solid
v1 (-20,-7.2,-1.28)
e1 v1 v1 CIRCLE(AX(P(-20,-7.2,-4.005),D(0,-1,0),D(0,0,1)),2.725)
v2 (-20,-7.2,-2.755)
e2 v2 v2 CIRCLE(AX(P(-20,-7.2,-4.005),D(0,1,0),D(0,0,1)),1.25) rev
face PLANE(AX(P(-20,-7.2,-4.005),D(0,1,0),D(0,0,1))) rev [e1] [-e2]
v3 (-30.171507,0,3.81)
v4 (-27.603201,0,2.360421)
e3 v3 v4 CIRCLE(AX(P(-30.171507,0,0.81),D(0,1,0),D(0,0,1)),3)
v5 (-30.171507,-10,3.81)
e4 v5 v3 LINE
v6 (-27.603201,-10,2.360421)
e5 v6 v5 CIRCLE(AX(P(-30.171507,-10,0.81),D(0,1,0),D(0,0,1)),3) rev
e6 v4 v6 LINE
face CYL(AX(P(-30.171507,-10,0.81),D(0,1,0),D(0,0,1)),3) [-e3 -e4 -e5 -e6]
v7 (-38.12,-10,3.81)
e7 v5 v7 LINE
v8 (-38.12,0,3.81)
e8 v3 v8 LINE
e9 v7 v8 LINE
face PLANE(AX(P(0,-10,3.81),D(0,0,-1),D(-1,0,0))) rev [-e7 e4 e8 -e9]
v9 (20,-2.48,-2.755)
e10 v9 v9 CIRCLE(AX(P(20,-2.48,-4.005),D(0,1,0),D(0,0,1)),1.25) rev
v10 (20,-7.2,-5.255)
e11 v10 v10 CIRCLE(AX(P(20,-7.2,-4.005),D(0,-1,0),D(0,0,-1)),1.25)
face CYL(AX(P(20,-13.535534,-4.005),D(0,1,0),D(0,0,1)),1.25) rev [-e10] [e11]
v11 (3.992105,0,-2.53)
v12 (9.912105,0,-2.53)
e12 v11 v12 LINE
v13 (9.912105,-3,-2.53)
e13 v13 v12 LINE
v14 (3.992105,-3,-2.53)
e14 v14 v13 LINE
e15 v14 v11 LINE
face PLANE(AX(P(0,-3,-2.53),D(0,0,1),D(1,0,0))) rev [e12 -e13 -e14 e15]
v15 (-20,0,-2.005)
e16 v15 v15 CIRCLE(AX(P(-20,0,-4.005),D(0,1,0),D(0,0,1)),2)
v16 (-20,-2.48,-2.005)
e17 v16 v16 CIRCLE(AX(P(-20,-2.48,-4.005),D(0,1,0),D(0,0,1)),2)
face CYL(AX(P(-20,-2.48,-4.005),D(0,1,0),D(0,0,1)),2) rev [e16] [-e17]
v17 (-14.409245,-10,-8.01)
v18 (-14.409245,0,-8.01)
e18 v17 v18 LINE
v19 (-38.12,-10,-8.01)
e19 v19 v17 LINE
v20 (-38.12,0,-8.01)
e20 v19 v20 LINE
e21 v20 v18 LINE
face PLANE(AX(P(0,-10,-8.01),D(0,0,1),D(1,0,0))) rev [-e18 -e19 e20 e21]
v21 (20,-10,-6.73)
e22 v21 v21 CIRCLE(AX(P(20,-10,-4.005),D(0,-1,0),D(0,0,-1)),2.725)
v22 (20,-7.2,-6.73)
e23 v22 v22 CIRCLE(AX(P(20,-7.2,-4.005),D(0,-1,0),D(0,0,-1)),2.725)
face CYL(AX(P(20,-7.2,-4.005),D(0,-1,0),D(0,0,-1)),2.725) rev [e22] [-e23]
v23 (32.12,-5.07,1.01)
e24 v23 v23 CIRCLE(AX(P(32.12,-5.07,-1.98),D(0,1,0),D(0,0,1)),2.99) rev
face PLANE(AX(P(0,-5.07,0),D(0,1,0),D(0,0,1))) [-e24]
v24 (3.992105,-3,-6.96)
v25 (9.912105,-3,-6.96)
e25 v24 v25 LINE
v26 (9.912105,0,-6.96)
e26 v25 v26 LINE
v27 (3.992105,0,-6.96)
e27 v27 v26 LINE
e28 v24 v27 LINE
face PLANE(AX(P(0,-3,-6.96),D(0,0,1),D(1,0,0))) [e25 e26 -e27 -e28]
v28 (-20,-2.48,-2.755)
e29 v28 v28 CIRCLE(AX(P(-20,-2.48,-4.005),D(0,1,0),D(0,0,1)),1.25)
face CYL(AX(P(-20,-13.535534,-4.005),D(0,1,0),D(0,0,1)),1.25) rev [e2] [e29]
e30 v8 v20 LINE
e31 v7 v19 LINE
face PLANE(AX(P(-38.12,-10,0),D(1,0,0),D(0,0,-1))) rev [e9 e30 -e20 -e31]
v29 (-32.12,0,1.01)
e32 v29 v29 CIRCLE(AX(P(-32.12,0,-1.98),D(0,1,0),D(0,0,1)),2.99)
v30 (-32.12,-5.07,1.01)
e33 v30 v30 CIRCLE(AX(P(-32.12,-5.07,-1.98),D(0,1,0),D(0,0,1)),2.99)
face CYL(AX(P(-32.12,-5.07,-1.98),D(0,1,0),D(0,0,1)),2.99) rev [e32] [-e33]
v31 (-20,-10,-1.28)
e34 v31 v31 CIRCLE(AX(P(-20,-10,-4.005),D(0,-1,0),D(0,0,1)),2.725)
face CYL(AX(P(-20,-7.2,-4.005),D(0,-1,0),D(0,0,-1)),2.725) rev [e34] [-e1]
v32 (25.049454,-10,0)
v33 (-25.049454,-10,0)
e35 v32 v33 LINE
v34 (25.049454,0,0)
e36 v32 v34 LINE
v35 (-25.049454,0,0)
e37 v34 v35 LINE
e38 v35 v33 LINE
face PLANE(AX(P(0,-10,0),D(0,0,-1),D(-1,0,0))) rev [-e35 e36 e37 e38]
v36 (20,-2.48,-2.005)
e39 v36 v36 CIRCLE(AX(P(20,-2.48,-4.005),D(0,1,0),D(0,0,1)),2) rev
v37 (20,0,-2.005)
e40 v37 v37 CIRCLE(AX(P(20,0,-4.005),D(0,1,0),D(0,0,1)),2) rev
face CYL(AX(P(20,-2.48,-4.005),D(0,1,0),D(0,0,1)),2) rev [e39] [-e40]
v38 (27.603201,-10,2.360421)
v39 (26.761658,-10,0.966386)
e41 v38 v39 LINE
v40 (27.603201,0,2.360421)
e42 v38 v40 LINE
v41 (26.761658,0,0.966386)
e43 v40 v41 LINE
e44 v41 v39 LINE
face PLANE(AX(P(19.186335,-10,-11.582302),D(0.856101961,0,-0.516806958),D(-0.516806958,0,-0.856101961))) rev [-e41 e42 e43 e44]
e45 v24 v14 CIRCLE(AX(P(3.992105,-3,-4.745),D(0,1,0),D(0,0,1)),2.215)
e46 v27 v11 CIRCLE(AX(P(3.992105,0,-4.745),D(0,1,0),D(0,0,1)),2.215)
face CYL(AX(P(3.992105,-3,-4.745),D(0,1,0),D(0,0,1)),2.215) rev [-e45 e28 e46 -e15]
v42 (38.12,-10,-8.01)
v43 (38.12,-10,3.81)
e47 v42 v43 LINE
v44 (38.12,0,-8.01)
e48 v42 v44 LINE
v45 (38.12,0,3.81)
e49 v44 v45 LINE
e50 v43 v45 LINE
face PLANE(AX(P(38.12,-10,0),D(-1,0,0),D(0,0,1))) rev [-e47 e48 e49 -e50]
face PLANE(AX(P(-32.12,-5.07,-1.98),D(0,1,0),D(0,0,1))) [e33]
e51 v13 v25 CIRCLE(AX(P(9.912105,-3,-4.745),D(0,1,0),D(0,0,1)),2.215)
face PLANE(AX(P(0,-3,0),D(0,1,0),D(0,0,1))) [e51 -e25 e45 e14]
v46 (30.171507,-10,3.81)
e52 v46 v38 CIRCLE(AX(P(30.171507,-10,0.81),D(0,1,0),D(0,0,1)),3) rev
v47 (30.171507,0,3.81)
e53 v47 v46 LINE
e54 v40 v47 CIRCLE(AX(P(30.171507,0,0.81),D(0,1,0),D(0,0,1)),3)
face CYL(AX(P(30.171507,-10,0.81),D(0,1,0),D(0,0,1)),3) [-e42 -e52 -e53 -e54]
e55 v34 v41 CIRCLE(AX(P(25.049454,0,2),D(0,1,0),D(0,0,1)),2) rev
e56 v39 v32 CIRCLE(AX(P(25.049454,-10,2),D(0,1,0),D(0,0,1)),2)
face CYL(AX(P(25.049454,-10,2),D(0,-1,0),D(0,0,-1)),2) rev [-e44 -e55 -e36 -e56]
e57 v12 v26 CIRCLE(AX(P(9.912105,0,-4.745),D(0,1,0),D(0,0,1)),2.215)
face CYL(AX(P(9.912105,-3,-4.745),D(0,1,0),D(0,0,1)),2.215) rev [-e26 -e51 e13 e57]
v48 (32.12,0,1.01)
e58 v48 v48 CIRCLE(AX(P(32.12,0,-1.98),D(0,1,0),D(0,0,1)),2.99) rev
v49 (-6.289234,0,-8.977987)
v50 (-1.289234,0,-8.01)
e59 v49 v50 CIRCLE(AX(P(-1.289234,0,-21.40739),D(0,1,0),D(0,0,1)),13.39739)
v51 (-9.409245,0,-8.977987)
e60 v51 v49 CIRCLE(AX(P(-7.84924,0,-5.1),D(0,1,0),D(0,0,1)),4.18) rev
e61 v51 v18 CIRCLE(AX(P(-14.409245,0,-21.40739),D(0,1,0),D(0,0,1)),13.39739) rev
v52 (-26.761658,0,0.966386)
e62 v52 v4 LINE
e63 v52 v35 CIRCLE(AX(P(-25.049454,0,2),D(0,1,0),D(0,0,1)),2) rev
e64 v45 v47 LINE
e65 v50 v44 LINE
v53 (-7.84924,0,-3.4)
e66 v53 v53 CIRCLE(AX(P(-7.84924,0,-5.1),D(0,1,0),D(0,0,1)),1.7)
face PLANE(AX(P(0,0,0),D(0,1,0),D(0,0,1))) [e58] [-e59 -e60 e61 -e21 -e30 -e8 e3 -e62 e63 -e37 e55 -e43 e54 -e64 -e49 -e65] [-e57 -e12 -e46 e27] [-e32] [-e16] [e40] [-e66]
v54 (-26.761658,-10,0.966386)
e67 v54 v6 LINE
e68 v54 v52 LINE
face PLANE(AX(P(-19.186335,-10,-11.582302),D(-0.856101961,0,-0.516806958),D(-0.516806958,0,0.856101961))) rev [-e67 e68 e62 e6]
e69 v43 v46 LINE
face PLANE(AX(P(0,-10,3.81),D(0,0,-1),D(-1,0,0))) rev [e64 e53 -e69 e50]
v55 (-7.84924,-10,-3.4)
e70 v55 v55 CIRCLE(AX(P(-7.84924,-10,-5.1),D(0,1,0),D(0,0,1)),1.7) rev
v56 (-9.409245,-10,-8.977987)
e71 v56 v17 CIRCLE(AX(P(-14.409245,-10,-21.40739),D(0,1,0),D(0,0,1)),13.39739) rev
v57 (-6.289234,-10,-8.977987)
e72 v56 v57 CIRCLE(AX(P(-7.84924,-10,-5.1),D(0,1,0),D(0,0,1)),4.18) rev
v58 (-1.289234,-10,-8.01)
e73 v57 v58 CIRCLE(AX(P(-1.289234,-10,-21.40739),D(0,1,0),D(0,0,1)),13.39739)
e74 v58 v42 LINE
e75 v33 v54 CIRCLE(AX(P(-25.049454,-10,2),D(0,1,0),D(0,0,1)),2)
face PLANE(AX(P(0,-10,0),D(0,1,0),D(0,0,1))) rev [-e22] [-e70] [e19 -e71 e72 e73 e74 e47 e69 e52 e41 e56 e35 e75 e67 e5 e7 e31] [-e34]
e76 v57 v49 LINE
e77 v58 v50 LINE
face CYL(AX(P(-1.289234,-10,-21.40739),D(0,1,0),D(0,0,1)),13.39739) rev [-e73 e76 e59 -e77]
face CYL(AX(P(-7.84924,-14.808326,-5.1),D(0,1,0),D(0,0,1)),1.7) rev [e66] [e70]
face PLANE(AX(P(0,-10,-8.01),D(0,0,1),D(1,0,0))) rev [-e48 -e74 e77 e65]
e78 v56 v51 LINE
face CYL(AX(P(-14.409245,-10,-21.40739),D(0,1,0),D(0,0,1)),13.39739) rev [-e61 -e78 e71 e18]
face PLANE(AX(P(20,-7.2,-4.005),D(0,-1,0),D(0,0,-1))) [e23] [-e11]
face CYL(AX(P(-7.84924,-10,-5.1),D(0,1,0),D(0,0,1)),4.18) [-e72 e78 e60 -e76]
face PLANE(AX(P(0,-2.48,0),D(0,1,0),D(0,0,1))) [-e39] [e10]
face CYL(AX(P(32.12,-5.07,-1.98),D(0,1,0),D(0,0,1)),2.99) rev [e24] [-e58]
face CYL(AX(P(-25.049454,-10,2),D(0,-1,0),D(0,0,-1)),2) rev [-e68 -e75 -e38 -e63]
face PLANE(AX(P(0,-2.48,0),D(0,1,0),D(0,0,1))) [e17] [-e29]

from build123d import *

# Parameters (mm, degrees)
SKETCH1_R           = 2
SKETCH1_R_2         = 2.99
SKETCH1_R_3         = 1.7
BOSS_EXTRUDE1_DEPTH = 10
FILLET1_R           = 2
FILLET2_R           = 3
SKETCH1_4_R         = 2.99
CUT_EXTRUDE3_DEPTH  = 5.07
SKETCH1_5_R         = 2
CUT_EXTRUDE4_DEPTH  = 2.48
CUT_EXTRUDE5_DEPTH  = 3
SKETCH1_7_R         = 1.7
CUT_EXTRUDE6_DEPTH  = 10
SKETCH4_R           = 1.25
CUT_EXTRUDE7_DEPTH  = 10
SKETCH5_R           = 2.725
CUT_EXTRUDE8_DEPTH  = 2.8


with BuildPart() as part:
    # Sketch1 → Boss-Extrude1 (new body)
    with BuildSketch(Plane(origin=(0, 0, 0), x_dir=(1, 0, 0), z_dir=(0, 1, 0))):
        with BuildLine():
            ThreePointArc((-9.409245094, 8.977987014), (-7.849239736, 9.28), (-6.289234378, 8.977987014))
            ThreePointArc((-6.289234378, 8.977987014), (-3.835653376, 8.254222737), (-1.289234378, 8.01))
            Line((-1.289234378, 8.01), (38.12, 8.01))
            Line((38.12, 8.01), (38.12, -3.81))
            Line((38.12, -3.81), (28.478275237, -3.81))
            Line((28.478275237, -3.81), (26.178275237, 0))
            Line((26.178275237, 0), (-26.178275237, 0))
            Line((-26.178275237, 0), (-28.478275237, -3.81))
            Line((-28.478275237, -3.81), (-38.12, -3.81))
            Line((-38.12, -3.81), (-38.12, 8.01))
            Line((-38.12, 8.01), (-14.409245094, 8.01))
            ThreePointArc((-14.409245094, 8.01), (-11.862826096, 8.254222737), (-9.409245094, 8.977987014))
        make_face()
        with Locations((20, 4.005)):
            Circle(SKETCH1_R, mode=Mode.SUBTRACT)
        with Locations((-20, 4.005)):
            Circle(SKETCH1_R, mode=Mode.SUBTRACT)
        with Locations((-32.12, 1.98)):
            Circle(SKETCH1_R_2, mode=Mode.SUBTRACT)
        with Locations((32.12, 1.98)):
            Circle(SKETCH1_R_2, mode=Mode.SUBTRACT)
        with Locations((-7.849239736, 5.1)):
            Circle(SKETCH1_R_3, mode=Mode.SUBTRACT)
        with BuildLine():
            ThreePointArc((9.912105026, 2.53), (12.127105026, 4.745), (9.912105026, 6.96))
            Line((9.912105026, 6.96), (3.992105026, 6.96))
            ThreePointArc((3.992105026, 6.96), (1.777105026, 4.745), (3.992105026, 2.53))
            Line((3.992105026, 2.53), (9.912105026, 2.53))
        make_face(mode=Mode.SUBTRACT)
        with Locations((-20, 4.005)):
            Circle(SKETCH1_R)
        with Locations((-7.849239736, 5.1)):
            Circle(SKETCH1_R_3)
        with Locations((-32.12, 1.98)):
            Circle(SKETCH1_R_2)
        with BuildLine():
            Line((3.992105026, 2.53), (9.912105026, 2.53))
            ThreePointArc((9.912105026, 2.53), (12.127105026, 4.745), (9.912105026, 6.96))
            Line((9.912105026, 6.96), (3.992105026, 6.96))
            ThreePointArc((3.992105026, 6.96), (1.777105026, 4.745), (3.992105026, 2.53))
        make_face()
        with Locations((20, 4.005)):
            Circle(SKETCH1_R)
        with Locations((32.12, 1.98)):
            Circle(SKETCH1_R_2)
    extrude(amount=-BOSS_EXTRUDE1_DEPTH)

    # Fillet1
    fillet1_edges = [part.edges().sort_by_distance(p)[0] for p in [
        (26.178275237, -5, 0),
        (-26.178275237, -5, 0),
    ]]
    fillet(fillet1_edges, radius=FILLET1_R)

    # Fillet2
    fillet2_edges = [part.edges().sort_by_distance(p)[0] for p in [
        (28.478275237, -5, 3.81),
        (-28.478275237, -5, 3.81),
    ]]
    fillet(fillet2_edges, radius=FILLET2_R)

    # Sketch1<4> → Cut-Extrude3 (cut)
    with BuildSketch(Plane(origin=(0, 0, 0), x_dir=(1, 0, 0), z_dir=(0, 1, 0))):
        with Locations((32.12, 1.98)):
            Circle(SKETCH1_4_R)
        with Locations((-32.12, 1.98)):
            Circle(SKETCH1_4_R)
    extrude(amount=-CUT_EXTRUDE3_DEPTH, mode=Mode.SUBTRACT)

    # Sketch1<5> → Cut-Extrude4 (cut)
    with BuildSketch(Plane(origin=(0, 0, 0), x_dir=(1, 0, 0), z_dir=(0, 1, 0))):
        with Locations((-20, 4.005)):
            Circle(SKETCH1_5_R)
        with Locations((20, 4.005)):
            Circle(SKETCH1_5_R)
    extrude(amount=-CUT_EXTRUDE4_DEPTH, mode=Mode.SUBTRACT)

    # Sketch1<6> → Cut-Extrude5 (cut)
    with BuildSketch(Plane(origin=(0, 0, 0), x_dir=(1, 0, 0), z_dir=(0, 1, 0))):
        with BuildLine():
            Line((3.992105026, 2.53), (9.912105026, 2.53))
            ThreePointArc((9.912105026, 2.53), (12.127105026, 4.745), (9.912105026, 6.96))
            Line((9.912105026, 6.96), (3.992105026, 6.96))
            ThreePointArc((3.992105026, 6.96), (1.777105026, 4.745), (3.992105026, 2.53))
        make_face()
    extrude(amount=-CUT_EXTRUDE5_DEPTH, mode=Mode.SUBTRACT)

    # Sketch1<7> → Cut-Extrude6 (cut)
    with BuildSketch(Plane(origin=(0, 0, 0), x_dir=(1, 0, 0), z_dir=(0, 1, 0))):
        with Locations((-7.849239736, 5.1)):
            Circle(SKETCH1_7_R)
    extrude(amount=-CUT_EXTRUDE6_DEPTH, mode=Mode.SUBTRACT)

    # Sketch4 → Cut-Extrude7 (cut)
    with BuildSketch(Plane(origin=(0, 0, 0), x_dir=(1, 0, 0), z_dir=(0, 1, 0))):
        with Locations((-20, 4.005)):
            Circle(SKETCH4_R)
        with Locations((20, 4.005)):
            Circle(SKETCH4_R)
    extrude(amount=-CUT_EXTRUDE7_DEPTH, mode=Mode.SUBTRACT)

    # Sketch5 → Cut-Extrude8 (cut)
    with BuildSketch(Plane.XZ.offset(10)):
        with Locations((20, -4.005)):
            Circle(SKETCH5_R)
        with Locations((-20, -4.005)):
            Circle(SKETCH5_R)
    extrude(amount=-CUT_EXTRUDE8_DEPTH, mode=Mode.SUBTRACT)


solid = part.part
